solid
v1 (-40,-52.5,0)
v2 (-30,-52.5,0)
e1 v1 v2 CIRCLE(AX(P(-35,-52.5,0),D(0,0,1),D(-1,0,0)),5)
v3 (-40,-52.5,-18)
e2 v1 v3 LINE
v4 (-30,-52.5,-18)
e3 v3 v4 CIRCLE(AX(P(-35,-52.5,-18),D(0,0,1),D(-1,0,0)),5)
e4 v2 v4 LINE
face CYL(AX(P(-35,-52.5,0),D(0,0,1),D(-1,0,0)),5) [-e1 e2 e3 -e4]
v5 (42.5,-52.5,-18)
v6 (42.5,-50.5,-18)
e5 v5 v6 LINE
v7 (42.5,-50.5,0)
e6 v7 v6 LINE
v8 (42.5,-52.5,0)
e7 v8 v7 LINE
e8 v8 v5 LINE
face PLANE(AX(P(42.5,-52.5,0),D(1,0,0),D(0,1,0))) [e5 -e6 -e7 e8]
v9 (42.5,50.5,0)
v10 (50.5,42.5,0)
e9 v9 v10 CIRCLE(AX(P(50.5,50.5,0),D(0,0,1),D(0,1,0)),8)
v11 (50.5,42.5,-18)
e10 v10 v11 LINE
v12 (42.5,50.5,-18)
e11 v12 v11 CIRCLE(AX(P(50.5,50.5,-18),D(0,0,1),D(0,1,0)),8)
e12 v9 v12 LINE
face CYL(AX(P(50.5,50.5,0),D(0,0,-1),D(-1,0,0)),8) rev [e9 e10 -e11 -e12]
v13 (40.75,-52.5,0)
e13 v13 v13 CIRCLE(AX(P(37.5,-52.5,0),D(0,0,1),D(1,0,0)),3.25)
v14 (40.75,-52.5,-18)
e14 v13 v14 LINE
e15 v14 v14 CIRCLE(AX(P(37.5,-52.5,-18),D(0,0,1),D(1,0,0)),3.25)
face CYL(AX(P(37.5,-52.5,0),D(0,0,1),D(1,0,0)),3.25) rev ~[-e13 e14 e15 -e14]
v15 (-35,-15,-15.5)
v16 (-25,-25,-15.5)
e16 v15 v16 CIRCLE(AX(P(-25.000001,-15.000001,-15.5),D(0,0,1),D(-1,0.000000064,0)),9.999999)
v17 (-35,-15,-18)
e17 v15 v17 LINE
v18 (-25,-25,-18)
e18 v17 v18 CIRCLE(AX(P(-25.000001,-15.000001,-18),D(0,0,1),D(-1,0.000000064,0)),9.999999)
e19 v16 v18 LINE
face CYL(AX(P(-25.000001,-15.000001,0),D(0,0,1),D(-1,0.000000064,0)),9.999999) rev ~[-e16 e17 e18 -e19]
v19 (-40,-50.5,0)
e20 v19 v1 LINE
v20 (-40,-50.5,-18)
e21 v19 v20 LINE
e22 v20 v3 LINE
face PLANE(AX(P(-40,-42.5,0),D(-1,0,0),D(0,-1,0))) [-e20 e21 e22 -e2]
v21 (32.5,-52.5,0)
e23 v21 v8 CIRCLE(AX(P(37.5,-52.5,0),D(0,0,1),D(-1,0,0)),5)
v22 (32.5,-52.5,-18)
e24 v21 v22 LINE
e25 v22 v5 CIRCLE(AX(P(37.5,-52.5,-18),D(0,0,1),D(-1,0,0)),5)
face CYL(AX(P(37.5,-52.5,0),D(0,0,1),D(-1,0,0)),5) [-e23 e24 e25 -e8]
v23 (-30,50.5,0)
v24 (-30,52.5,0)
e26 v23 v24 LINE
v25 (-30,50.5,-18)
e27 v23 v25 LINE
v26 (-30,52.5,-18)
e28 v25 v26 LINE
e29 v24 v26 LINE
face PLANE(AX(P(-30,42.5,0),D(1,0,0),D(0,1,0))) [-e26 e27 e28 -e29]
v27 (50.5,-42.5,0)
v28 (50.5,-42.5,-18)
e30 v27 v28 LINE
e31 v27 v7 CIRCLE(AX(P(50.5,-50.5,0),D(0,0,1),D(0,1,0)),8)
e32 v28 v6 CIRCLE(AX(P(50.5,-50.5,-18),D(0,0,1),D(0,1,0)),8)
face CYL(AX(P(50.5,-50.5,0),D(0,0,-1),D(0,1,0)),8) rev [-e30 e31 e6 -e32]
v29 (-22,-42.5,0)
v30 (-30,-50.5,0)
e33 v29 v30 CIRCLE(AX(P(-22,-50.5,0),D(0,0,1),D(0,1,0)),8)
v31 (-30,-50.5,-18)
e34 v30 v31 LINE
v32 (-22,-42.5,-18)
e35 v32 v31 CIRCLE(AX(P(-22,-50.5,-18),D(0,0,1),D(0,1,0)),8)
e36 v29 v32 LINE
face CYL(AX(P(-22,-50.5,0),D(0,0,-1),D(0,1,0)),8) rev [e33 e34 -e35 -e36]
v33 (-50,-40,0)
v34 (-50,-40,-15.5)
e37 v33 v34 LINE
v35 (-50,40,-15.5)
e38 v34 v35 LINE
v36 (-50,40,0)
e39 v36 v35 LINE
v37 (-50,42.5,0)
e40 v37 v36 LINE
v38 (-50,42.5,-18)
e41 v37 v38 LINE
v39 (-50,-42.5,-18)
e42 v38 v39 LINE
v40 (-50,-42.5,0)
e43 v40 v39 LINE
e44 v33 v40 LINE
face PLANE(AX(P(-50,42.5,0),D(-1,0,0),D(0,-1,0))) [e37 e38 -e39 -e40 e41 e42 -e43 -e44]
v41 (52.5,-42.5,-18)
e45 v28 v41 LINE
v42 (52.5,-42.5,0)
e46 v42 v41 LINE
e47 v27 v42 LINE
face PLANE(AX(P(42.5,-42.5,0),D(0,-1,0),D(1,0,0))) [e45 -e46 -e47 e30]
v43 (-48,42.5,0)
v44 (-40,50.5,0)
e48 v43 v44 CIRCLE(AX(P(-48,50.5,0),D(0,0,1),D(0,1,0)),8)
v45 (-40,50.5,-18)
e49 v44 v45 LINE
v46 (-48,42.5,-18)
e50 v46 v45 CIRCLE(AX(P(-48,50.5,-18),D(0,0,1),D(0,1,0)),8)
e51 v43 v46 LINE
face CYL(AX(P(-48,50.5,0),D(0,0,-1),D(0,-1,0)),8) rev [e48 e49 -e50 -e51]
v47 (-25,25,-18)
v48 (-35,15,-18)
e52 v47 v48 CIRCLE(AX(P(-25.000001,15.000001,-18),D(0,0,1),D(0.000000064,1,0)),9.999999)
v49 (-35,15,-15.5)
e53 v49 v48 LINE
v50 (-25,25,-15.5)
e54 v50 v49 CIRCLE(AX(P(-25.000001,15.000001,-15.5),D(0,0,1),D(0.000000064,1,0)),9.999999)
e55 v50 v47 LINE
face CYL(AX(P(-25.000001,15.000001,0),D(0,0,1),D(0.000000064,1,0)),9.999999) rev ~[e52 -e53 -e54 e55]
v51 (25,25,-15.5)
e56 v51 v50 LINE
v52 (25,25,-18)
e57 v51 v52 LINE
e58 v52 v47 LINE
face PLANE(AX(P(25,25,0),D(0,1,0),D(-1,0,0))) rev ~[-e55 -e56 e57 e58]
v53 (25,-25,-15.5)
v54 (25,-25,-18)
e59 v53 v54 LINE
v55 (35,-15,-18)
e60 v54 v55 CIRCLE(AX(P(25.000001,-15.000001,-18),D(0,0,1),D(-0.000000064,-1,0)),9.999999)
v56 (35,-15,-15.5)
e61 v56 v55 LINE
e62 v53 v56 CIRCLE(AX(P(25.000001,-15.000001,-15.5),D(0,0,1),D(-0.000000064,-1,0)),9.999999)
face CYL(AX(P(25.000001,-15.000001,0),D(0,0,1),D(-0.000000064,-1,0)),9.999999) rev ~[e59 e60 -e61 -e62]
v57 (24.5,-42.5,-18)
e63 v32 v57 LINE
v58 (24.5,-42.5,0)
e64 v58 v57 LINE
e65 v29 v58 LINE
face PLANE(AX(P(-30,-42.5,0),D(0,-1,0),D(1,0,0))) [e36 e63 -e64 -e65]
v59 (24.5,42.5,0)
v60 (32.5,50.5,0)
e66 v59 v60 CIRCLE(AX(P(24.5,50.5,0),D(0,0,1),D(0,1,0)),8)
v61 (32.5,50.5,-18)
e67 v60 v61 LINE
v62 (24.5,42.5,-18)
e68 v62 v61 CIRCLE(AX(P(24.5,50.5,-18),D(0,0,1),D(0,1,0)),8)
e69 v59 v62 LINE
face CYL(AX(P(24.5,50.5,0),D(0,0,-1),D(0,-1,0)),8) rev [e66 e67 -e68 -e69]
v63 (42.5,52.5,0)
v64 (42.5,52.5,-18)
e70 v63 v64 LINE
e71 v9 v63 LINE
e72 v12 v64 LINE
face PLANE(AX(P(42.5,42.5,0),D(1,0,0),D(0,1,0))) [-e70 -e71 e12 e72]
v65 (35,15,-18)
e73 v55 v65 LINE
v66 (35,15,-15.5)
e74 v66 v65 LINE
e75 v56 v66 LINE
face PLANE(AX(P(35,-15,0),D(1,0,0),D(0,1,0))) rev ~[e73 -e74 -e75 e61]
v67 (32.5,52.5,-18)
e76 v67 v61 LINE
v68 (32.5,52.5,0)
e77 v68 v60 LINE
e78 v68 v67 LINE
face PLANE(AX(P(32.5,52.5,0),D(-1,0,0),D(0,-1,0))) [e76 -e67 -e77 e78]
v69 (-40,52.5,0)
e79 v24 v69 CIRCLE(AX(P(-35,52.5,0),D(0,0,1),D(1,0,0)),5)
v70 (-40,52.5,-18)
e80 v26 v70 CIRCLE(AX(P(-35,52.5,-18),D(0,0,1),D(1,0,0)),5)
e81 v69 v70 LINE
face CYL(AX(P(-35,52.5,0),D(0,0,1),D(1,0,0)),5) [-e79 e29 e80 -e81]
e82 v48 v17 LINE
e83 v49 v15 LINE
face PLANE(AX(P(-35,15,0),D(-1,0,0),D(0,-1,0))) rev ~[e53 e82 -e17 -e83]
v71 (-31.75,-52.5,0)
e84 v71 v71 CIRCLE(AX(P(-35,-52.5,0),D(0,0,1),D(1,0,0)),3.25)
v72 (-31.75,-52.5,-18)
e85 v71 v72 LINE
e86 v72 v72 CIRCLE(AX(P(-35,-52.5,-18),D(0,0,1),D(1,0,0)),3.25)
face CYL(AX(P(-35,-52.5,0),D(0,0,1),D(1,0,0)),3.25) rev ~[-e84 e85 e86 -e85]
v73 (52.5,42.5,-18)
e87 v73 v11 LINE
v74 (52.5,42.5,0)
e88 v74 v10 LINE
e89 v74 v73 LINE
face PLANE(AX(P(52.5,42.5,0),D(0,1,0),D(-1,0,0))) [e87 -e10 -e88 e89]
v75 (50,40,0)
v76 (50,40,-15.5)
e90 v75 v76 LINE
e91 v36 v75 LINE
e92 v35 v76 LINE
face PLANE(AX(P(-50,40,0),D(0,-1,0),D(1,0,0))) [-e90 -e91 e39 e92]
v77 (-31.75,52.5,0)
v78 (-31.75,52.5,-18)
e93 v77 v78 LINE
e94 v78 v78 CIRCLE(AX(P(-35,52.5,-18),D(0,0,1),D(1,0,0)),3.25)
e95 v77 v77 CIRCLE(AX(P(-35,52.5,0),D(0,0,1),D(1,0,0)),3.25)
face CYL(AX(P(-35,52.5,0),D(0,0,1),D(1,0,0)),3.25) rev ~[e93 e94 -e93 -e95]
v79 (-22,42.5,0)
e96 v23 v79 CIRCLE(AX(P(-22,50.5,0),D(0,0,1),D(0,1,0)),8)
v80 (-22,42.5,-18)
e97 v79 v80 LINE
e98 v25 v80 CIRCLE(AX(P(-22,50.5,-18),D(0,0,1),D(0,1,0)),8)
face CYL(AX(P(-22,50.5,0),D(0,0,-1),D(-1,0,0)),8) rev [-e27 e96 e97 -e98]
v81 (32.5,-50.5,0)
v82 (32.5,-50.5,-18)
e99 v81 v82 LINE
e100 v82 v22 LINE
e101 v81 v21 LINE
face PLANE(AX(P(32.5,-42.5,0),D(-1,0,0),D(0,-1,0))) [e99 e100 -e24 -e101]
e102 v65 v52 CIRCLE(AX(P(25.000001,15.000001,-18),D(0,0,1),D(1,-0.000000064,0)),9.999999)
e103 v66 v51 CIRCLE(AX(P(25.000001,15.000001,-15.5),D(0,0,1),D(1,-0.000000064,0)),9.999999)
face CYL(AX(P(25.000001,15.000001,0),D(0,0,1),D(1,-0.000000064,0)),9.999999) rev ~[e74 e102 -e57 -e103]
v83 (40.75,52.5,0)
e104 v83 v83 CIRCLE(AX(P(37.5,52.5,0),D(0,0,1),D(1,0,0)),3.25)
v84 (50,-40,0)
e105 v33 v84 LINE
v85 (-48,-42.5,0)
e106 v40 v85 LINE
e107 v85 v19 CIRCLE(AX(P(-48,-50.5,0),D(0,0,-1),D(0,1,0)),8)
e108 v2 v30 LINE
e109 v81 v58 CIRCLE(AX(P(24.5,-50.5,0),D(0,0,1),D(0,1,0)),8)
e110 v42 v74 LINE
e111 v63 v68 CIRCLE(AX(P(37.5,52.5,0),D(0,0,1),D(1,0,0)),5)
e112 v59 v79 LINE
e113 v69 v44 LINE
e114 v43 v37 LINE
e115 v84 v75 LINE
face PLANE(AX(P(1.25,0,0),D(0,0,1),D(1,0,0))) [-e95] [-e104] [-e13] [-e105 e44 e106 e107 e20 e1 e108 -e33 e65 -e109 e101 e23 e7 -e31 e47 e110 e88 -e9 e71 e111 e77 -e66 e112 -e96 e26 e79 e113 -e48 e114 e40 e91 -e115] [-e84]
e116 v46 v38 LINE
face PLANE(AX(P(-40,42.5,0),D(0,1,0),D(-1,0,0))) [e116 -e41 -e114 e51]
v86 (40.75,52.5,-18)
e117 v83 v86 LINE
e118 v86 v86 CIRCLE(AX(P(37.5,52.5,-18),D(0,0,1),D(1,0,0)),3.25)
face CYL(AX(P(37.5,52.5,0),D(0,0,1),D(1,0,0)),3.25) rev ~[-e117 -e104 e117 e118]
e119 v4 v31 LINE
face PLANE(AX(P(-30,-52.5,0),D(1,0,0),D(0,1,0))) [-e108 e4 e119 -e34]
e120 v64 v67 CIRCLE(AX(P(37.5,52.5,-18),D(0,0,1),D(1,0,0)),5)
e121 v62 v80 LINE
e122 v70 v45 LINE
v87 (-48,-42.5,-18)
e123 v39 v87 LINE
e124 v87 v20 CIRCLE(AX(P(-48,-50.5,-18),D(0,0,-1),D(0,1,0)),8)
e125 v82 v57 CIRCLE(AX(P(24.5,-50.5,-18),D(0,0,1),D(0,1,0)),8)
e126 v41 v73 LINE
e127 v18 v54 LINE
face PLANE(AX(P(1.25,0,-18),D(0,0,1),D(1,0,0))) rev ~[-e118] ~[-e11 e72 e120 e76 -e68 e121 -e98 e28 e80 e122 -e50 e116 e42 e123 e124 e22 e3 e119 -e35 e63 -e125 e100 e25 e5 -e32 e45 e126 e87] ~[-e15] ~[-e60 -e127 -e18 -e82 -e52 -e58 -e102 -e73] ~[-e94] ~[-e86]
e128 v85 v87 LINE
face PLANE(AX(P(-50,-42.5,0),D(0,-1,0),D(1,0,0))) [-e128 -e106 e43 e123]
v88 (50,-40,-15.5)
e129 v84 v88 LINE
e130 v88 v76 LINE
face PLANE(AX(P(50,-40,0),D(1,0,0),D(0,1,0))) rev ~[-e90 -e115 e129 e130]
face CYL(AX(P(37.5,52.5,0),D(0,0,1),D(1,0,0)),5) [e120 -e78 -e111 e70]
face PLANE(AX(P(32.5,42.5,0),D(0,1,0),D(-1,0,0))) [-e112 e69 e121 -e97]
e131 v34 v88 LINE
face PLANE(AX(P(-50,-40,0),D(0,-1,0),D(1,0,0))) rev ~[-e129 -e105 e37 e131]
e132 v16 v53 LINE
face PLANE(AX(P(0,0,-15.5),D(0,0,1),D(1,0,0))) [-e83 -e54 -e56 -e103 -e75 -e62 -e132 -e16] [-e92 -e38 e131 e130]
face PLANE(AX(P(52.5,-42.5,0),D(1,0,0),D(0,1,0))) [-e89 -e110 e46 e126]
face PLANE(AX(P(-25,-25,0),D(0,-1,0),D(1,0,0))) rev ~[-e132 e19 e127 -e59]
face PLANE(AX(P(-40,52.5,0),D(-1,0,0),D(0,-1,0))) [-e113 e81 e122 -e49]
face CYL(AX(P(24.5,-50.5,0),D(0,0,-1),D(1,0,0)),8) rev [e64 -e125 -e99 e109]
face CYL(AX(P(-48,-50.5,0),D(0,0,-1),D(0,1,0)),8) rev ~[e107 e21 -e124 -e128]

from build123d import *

# Parameters (mm, degrees)
F0_R     = 3.25
F3_DEPTH = 18
F2_W     = 100
F2_H     = 80
F4_DEPTH = 15.5
F5_DEPTH = 25
F6_R     = 8


with BuildPart() as f3:
    # F0 (on Top) → F3 (new body)
    with BuildSketch(Plane.XY):
        with BuildLine():
            Line((-50, 42.5), (-50, -42.5))
            Line((-50, -42.5), (-40, -42.5))
            Line((-40, -42.5), (-40, -52.5))
            ThreePointArc((-40, -52.5), (-35, -57.5), (-30, -52.5))
            Line((-30, -52.5), (-30, -42.5))
            Line((-30, -42.5), (32.5, -42.5))
            Line((32.5, -42.5), (32.5, -52.5))
            ThreePointArc((32.5, -52.5), (37.5, -57.5), (42.5, -52.5))
            Line((42.5, -52.5), (42.5, -42.5))
            Line((42.5, -42.5), (52.5, -42.5))
            Line((52.5, -42.5), (52.5, 42.5))
            Line((52.5, 42.5), (42.5, 42.5))
            Line((42.5, 42.5), (42.5, 52.5))
            ThreePointArc((42.5, 52.5), (37.5, 57.5), (32.5, 52.5))
            Line((32.5, 52.5), (32.5, 42.5))
            Line((32.5, 42.5), (-30, 42.5))
            Line((-30, 42.5), (-30, 52.5))
            ThreePointArc((-30, 52.5), (-35, 57.5), (-40, 52.5))
            Line((-40, 52.5), (-40, 42.5))
            Line((-40, 42.5), (-50, 42.5))
        make_face()
        with Locations((-35, -52.5)):
            Circle(F0_R, mode=Mode.SUBTRACT)
        with Locations((37.5, -52.5)):
            Circle(F0_R, mode=Mode.SUBTRACT)
        with Locations((-35, 52.5)):
            Circle(F0_R, mode=Mode.SUBTRACT)
        with Locations((37.5, 52.5)):
            Circle(F0_R, mode=Mode.SUBTRACT)
    extrude(amount=-F3_DEPTH)

    # F2 (on face) → F4 (cut)
    with BuildSketch(Plane.XY):
        Rectangle(F2_W, F2_H)
    extrude(amount=-F4_DEPTH, mode=Mode.SUBTRACT)

    # F1 (on Top) → F5 (cut)
    with BuildSketch(Plane.XY):
        with BuildLine():
            Line((25, 25), (-25, 25))
            ThreePointArc((-25, 25), (-32.071068, 22.071068), (-35, 15))
            Line((-35, 15), (-35, -15))
            ThreePointArc((-35, -15), (-32.071068, -22.071068), (-25, -25))
            Line((-25, -25), (25, -25))
            ThreePointArc((25, -25), (32.071068, -22.071068), (35, -15))
            Line((35, -15), (35, 15))
            ThreePointArc((35, 15), (32.071068, 22.071068), (25, 25))
        make_face()
    extrude(amount=-F5_DEPTH, mode=Mode.SUBTRACT)

    # F6
    f6_edges = [f3.edges().sort_by_distance(p)[0] for p in [
        (-40, 42.5, -9),
        (32.5, 42.5, -9),
        (-40, -42.5, -9),
        (32.5, -42.5, -9),
        (42.5, -42.5, -9),
        (-30, -42.5, -9),
        (42.5, 42.5, -9),
        (-30, 42.5, -9),
    ]]
    fillet(f6_edges, radius=F6_R)


solid = f3.part
